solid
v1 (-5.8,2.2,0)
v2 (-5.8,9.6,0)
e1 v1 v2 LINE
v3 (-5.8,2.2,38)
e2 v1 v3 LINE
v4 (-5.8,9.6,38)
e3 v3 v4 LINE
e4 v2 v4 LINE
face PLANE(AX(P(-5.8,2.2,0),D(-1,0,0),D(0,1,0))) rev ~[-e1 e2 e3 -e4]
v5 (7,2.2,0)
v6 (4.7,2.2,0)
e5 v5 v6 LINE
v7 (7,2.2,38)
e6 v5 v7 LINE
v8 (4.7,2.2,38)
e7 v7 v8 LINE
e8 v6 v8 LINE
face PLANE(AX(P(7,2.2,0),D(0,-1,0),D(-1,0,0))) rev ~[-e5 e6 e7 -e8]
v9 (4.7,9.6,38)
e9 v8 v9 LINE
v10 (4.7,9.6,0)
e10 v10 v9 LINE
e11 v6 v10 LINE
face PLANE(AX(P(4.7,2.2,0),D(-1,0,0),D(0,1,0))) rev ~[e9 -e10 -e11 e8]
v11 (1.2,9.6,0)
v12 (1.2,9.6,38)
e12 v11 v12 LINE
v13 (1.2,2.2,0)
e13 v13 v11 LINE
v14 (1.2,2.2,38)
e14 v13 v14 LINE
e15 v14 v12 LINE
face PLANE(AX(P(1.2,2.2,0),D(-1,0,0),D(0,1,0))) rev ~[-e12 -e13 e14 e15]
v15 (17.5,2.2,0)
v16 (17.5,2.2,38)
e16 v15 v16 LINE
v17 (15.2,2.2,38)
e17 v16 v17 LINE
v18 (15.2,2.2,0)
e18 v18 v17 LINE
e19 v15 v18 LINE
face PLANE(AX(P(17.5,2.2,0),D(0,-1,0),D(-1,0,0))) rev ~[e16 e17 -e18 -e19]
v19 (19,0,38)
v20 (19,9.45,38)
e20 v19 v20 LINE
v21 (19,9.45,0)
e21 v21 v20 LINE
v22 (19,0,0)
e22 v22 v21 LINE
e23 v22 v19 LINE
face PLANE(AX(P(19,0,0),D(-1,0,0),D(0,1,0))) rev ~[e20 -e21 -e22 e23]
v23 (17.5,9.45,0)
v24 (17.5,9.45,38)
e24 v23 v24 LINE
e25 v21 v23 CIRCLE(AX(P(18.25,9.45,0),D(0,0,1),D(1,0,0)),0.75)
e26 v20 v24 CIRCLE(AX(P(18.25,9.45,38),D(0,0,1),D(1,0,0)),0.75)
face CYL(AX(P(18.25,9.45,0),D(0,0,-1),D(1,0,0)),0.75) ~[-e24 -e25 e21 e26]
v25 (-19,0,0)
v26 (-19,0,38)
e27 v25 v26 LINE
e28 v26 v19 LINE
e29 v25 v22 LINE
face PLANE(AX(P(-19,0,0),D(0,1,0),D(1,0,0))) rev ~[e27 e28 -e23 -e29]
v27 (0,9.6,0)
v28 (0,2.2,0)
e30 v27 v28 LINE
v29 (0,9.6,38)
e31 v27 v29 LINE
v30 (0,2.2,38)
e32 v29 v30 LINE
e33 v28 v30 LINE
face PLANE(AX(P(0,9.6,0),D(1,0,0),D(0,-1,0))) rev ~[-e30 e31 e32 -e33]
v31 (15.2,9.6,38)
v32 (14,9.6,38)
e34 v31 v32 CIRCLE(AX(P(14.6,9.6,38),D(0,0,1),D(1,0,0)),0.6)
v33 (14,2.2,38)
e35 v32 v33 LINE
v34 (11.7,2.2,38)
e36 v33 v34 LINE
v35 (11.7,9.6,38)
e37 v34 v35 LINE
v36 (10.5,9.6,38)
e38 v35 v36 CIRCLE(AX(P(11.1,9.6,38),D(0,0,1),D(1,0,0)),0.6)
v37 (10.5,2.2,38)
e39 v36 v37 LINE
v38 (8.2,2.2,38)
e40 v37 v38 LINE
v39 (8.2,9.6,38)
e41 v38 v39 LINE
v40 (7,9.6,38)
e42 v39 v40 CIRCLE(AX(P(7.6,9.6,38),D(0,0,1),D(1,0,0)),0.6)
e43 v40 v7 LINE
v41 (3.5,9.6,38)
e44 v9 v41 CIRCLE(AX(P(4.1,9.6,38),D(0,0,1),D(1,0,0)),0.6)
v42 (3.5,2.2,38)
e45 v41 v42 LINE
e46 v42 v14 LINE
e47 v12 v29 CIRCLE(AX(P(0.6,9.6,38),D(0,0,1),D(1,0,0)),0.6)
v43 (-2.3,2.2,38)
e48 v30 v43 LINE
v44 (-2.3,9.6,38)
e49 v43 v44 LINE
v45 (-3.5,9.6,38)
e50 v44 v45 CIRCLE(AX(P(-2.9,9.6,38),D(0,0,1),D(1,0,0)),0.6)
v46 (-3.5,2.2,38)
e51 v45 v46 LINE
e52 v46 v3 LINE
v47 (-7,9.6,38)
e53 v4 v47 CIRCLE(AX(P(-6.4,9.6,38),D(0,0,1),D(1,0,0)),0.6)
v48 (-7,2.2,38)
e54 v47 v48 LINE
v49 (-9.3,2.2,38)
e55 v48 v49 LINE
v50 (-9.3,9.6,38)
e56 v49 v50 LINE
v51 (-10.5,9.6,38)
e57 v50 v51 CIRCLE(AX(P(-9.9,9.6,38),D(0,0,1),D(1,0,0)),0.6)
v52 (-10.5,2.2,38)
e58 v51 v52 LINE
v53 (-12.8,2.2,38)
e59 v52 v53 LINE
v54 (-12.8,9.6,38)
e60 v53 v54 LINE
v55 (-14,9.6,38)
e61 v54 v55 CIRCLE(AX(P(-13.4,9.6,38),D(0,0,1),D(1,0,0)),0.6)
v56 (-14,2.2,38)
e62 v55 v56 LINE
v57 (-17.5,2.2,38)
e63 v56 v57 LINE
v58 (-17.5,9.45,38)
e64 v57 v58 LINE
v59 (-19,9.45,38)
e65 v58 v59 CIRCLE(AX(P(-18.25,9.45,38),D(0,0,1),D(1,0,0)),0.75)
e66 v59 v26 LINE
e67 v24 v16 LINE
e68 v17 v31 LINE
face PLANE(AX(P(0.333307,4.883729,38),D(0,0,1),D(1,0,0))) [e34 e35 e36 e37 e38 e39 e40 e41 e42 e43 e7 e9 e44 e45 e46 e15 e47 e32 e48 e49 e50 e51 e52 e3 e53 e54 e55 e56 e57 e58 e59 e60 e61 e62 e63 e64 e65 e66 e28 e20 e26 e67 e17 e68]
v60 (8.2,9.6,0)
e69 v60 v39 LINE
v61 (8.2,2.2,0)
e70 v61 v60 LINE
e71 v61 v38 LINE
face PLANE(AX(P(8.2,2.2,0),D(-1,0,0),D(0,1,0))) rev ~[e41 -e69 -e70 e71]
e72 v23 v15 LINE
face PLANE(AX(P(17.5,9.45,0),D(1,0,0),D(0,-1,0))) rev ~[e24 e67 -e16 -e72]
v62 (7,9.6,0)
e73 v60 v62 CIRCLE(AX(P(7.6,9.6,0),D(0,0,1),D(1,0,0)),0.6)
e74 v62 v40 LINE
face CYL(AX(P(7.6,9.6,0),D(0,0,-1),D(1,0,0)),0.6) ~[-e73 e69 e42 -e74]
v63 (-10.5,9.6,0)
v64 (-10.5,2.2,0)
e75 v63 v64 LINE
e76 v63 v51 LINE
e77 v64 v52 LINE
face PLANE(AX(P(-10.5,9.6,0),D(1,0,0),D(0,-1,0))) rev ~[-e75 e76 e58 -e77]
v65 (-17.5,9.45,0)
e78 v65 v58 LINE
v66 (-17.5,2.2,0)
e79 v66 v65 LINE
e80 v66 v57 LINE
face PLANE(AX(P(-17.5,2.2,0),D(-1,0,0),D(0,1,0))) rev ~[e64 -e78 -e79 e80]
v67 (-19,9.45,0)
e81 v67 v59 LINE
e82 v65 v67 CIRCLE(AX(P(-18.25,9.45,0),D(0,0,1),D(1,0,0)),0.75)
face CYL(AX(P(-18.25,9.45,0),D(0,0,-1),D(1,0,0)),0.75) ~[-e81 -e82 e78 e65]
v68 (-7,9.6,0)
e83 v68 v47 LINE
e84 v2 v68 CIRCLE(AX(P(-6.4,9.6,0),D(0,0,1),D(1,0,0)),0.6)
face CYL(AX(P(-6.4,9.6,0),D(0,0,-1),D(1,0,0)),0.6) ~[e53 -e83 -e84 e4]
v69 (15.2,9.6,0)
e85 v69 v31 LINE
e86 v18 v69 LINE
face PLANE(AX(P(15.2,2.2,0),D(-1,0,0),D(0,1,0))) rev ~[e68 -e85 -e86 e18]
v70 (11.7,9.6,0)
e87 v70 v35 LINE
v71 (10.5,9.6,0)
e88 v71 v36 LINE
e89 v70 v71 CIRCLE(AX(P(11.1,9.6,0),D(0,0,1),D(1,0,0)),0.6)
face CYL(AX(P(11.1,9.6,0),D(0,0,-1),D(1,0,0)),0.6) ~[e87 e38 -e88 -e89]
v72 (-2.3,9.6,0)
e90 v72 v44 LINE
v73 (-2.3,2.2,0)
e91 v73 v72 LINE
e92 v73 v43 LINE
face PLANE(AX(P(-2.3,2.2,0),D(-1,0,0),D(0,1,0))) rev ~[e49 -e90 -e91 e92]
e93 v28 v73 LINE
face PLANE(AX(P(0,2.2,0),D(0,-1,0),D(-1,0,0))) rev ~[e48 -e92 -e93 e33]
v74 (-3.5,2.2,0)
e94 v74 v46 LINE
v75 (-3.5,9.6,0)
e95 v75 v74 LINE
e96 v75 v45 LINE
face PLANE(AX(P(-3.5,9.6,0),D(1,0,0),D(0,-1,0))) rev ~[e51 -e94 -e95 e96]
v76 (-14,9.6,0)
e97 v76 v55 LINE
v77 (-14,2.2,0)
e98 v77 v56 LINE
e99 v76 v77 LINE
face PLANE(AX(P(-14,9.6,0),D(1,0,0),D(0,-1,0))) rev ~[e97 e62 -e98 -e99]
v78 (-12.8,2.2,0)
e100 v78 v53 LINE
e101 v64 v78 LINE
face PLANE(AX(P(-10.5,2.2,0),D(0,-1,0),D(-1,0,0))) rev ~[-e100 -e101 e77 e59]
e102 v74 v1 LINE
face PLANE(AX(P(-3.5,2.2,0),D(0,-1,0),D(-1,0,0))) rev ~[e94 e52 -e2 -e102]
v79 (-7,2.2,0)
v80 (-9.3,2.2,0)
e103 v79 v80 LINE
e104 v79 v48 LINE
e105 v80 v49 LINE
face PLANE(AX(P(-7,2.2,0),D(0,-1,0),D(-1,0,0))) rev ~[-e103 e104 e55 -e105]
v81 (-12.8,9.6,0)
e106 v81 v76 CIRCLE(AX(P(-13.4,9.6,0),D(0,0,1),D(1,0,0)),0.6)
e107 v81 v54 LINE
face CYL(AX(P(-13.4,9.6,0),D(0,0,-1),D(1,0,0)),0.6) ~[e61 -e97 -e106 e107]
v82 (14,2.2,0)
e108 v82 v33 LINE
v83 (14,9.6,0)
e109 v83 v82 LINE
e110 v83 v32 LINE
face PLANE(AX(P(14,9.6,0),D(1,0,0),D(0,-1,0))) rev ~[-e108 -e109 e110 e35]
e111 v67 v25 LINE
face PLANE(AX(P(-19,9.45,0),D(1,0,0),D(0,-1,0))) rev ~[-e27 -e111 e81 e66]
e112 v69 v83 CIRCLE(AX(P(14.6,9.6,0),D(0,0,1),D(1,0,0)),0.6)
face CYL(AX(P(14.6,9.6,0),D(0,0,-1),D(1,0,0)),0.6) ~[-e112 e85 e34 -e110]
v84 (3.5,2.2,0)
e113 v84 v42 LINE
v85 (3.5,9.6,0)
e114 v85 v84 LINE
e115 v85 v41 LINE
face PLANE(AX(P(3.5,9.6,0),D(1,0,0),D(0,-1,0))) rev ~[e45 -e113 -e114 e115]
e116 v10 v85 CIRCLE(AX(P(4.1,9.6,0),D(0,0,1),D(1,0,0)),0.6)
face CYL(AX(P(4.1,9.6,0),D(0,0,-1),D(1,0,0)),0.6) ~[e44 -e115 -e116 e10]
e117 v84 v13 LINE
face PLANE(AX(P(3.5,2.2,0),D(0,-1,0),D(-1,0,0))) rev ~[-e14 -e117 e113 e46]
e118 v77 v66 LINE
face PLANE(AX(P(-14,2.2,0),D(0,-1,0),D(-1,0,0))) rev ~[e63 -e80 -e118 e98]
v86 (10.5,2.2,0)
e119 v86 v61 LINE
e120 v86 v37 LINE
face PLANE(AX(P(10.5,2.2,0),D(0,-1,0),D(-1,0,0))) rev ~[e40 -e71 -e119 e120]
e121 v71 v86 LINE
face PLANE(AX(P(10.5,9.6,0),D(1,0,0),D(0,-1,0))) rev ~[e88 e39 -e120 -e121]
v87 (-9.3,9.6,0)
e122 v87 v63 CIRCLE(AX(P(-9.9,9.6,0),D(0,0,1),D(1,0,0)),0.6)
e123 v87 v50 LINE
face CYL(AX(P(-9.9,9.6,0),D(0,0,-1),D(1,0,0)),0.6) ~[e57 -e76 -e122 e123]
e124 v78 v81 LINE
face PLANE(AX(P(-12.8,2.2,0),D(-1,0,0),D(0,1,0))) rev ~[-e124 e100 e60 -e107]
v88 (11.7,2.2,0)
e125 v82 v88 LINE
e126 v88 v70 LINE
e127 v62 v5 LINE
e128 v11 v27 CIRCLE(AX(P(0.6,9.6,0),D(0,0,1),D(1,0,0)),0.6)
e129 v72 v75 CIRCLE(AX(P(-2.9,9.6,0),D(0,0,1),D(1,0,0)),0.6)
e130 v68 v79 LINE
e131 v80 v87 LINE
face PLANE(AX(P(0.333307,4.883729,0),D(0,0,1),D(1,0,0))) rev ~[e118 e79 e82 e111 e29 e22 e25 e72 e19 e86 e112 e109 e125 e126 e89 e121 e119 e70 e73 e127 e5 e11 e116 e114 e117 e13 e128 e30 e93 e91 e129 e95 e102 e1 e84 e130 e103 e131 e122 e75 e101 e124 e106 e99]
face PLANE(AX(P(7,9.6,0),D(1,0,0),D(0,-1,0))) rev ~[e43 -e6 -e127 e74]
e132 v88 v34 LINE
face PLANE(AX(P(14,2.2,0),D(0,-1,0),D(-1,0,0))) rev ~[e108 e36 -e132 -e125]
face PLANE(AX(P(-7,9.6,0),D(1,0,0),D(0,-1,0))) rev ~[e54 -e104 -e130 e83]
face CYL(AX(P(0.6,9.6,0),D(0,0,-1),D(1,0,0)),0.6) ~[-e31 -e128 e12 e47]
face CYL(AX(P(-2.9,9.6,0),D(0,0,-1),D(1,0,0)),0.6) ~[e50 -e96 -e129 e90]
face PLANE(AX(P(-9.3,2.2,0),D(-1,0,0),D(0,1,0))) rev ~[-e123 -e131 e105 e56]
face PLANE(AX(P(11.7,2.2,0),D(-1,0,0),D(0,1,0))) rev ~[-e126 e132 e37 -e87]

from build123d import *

# Parameters (mm, degrees)
EXTRUDE1_DEPTH = 38


with BuildPart() as part:
    # Sketch1 → Extrude1 (new body)
    with BuildSketch(Plane.XY):
        with BuildLine():
            Line((-19, 0), (19, 0))
            Line((19, 0), (19, 2.2))
            Line((19, 2.2), (19, 9.45))
            ThreePointArc((19, 9.45), (18.25, 10.2), (17.5, 9.45))
            Line((17.5, 9.45), (17.5, 2.2))
            Line((17.5, 2.2), (15.2, 2.2))
            Line((15.2, 2.2), (15.2, 9.6))
            ThreePointArc((15.2, 9.6), (14.6, 10.2), (14, 9.6))
            Line((14, 9.6), (14, 2.2))
            Line((14, 2.2), (11.7, 2.2))
            Line((11.7, 2.2), (11.7, 9.6))
            ThreePointArc((11.7, 9.6), (11.1, 10.2), (10.5, 9.6))
            Line((10.5, 9.6), (10.5, 2.2))
            Line((10.5, 2.2), (8.2, 2.2))
            Line((8.2, 2.2), (8.2, 9.6))
            ThreePointArc((8.2, 9.6), (7.6, 10.2), (7, 9.6))
            Line((7, 9.6), (7, 2.2))
            Line((7, 2.2), (4.7, 2.2))
            Line((4.7, 2.2), (4.7, 9.6))
            ThreePointArc((4.7, 9.6), (4.1, 10.2), (3.5, 9.6))
            Line((3.5, 9.6), (3.5, 2.2))
            Line((3.5, 2.2), (1.2, 2.2))
            Line((1.2, 2.2), (1.2, 9.6))
            ThreePointArc((1.2, 9.6), (0.6, 10.2), (0, 9.6))
            Line((0, 9.6), (0, 2.2))
            Line((0, 2.2), (-2.3, 2.2))
            Line((-2.3, 2.2), (-2.3, 9.6))
            ThreePointArc((-2.3, 9.6), (-2.9, 10.2), (-3.5, 9.6))
            Line((-3.5, 9.6), (-3.5, 2.2))
            Line((-3.5, 2.2), (-5.8, 2.2))
            Line((-5.8, 2.2), (-5.8, 9.6))
            ThreePointArc((-5.8, 9.6), (-6.4, 10.2), (-7, 9.6))
            Line((-7, 9.6), (-7, 2.2))
            Line((-7, 2.2), (-9.3, 2.2))
            Line((-9.3, 2.2), (-9.3, 9.6))
            ThreePointArc((-9.3, 9.6), (-9.9, 10.2), (-10.5, 9.6))
            Line((-10.5, 9.6), (-10.5, 2.2))
            Line((-10.5, 2.2), (-12.8, 2.2))
            Line((-12.8, 2.2), (-12.8, 9.6))
            ThreePointArc((-12.8, 9.6), (-13.4, 10.2), (-14, 9.6))
            Line((-14, 9.6), (-14, 2.2))
            Line((-14, 2.2), (-17.5, 2.2))
            Line((-17.5, 2.2), (-17.5, 9.45))
            ThreePointArc((-17.5, 9.45), (-18.25, 10.2), (-19, 9.45))
            Line((-19, 9.45), (-19, 2.2))
            Line((-19, 2.2), (-19, 0))
        make_face()
    extrude(amount=EXTRUDE1_DEPTH)


solid = part.part
